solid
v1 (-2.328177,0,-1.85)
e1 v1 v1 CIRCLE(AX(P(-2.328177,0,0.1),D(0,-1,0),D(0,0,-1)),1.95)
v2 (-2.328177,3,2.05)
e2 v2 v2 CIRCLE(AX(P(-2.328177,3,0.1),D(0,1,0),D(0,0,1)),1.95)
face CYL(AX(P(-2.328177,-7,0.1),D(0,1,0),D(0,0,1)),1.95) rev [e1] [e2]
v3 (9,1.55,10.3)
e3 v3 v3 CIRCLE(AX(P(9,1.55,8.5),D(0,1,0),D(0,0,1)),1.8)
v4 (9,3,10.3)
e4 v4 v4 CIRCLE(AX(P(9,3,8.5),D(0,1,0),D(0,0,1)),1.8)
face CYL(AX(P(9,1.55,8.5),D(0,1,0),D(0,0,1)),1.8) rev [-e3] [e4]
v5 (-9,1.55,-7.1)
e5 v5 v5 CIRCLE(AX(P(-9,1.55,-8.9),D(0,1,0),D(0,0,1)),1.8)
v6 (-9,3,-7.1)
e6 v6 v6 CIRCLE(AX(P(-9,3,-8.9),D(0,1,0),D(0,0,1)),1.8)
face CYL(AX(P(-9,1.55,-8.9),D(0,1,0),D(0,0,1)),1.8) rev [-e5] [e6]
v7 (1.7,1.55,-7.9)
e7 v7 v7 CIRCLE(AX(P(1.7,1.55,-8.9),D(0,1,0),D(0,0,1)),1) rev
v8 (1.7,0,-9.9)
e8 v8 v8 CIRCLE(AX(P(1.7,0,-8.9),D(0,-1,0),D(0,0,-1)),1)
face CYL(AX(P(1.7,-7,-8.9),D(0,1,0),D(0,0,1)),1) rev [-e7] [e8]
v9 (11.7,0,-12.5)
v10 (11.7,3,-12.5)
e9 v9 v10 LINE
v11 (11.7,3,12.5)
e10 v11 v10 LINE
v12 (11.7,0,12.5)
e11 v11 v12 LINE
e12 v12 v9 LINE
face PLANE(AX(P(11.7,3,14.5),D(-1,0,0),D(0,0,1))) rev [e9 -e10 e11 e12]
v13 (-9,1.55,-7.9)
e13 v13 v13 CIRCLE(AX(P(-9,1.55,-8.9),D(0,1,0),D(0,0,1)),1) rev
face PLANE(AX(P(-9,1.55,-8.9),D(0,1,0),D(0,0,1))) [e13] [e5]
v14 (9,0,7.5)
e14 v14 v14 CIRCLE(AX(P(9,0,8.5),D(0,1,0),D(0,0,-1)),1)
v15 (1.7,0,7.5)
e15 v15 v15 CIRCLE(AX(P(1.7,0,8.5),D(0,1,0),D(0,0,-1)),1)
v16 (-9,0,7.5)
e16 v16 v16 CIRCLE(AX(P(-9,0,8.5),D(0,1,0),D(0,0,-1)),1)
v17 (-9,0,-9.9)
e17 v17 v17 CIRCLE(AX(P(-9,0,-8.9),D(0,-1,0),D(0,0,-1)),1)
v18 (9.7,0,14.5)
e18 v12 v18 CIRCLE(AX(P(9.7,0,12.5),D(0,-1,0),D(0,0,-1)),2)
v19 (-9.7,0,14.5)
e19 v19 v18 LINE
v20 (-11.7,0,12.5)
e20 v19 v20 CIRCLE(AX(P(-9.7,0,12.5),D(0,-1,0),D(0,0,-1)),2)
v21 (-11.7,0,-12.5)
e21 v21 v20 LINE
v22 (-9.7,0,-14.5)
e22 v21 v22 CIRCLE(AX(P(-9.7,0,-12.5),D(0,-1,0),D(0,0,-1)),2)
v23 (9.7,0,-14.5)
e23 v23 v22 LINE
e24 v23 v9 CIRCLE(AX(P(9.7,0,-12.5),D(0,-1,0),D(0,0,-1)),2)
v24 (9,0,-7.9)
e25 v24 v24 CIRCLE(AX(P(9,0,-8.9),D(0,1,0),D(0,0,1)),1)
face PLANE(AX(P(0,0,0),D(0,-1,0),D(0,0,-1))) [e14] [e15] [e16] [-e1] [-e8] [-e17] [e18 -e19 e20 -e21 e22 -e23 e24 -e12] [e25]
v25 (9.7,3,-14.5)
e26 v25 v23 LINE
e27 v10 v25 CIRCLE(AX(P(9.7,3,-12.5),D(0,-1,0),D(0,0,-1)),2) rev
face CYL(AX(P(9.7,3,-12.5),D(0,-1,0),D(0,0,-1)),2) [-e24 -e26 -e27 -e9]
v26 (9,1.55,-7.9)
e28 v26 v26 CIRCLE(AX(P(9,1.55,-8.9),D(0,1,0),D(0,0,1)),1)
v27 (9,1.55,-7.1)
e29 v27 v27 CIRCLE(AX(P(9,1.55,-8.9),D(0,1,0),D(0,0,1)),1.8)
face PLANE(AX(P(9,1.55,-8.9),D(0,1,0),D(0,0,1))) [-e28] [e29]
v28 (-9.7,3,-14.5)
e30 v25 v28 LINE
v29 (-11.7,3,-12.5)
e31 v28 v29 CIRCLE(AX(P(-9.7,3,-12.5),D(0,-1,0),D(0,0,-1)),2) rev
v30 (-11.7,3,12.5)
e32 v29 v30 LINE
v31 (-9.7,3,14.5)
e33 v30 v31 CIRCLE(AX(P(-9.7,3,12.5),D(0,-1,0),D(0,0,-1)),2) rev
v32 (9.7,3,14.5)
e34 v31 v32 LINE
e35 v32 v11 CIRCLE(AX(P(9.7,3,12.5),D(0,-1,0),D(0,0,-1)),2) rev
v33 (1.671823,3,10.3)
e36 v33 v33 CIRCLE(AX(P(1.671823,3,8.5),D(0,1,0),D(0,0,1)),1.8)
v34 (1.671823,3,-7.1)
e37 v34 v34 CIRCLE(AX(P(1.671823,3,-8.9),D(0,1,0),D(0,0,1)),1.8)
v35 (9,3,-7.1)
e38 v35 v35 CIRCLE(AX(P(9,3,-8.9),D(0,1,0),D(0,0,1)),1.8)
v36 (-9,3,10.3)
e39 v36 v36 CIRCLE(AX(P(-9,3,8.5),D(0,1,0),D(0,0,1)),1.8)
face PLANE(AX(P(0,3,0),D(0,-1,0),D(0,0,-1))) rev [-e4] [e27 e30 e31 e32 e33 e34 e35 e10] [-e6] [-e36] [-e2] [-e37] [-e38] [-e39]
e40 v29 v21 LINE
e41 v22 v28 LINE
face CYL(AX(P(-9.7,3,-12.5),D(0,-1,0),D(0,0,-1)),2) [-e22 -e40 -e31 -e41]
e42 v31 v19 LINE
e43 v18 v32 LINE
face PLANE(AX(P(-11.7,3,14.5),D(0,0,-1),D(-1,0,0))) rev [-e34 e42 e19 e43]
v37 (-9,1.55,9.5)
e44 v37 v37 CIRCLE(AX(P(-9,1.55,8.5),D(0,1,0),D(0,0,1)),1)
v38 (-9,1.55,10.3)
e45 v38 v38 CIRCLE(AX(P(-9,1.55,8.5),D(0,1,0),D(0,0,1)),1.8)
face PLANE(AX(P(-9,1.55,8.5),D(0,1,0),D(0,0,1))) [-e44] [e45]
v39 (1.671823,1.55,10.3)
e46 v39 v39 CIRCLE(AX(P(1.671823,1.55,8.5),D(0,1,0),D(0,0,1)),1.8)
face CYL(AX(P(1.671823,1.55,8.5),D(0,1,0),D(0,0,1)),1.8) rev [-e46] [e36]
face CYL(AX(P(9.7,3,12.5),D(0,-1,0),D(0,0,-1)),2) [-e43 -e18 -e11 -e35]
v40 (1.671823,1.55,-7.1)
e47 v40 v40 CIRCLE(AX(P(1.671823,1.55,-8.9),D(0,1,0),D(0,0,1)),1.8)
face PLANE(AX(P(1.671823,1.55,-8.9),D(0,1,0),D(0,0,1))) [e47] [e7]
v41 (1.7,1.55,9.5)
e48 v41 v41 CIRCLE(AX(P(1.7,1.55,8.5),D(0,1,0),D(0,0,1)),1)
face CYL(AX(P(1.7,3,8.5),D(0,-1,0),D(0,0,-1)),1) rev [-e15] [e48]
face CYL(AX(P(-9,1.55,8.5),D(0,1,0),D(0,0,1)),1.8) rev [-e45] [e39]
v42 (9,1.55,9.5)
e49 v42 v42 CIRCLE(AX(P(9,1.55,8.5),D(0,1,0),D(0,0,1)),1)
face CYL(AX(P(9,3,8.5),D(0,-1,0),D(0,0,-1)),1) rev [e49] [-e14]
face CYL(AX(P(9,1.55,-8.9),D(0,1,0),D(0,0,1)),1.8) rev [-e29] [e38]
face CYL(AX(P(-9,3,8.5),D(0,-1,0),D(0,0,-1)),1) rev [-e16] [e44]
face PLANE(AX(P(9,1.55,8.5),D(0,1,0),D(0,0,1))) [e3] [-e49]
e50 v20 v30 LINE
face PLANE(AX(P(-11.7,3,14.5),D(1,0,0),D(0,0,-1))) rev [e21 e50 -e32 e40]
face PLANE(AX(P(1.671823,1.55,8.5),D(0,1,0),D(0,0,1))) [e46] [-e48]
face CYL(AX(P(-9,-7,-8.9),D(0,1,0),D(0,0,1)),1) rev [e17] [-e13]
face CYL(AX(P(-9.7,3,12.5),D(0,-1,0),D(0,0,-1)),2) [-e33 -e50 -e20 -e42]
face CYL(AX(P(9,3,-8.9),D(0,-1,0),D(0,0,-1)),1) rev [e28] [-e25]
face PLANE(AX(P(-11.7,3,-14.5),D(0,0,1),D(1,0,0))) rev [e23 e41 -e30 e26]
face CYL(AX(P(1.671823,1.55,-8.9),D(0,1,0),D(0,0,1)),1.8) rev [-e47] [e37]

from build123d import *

# Parameters (mm, degrees)
BOSS_EXTRUDE1_DEPTH   = 3
BOSS_EXTRUDE1_2_DEPTH = 3
SKETCH1_W             = 23.4
SKETCH1_H             = 29
SKETCH1_R             = 1
BOSS_EXTRUDE1_3_DEPTH = 3
FILLET1_R             = 2
SKETCH5_R             = 1.44
CUT_EXTRUDE3_DEPTH    = 10
CUT_EXTRUDE4_DEPTH    = 10
SKETCH8_R             = 1
CUT_EXTRUDE5_DEPTH    = 10
SKETCH9_R             = 3.026992654
BOSS_EXTRUDE3_DEPTH   = 3
SKETCH10_R            = 1.95
CUT_EXTRUDE6_DEPTH    = 10
SKETCH11_R            = 1.8
CUT_EXTRUDE7_DEPTH    = 1.45


with BuildPart() as part:
    # Sketch1 → Boss-Extrude1 (new body)
    with BuildSketch(Plane(origin=(0, 0, 0), x_dir=(1, 0, 0), z_dir=(0, 1, 0))):
        with BuildLine():
            add(Edge.make_bspline(
                [(19.180993887, -14.242526212), (19.80083761, -12.341053413), (17.899318471, -11.721194585), (17.279474749, -13.622667384), (16.659631026, -15.524140184), (18.561150164, -16.143999012), (19.180993887, -14.242526212)],
                knots=[0, 0, 0, 0, 0.5, 0.5, 0.5, 1, 1, 1, 1], degree=3, weights=[1, 0.333333333, 0.333333333, 1, 0.333333333, 0.333333333, 1]))
        make_face()
    extrude(amount=BOSS_EXTRUDE1_DEPTH)


with BuildPart() as body_2:
    # Sketch1 → Boss-Extrude1 2 (new body)
    with BuildSketch(Plane(origin=(0, 0, 0), x_dir=(1, 0, 0), z_dir=(0, 1, 0))):
        with BuildLine():
            add(Edge.make_bspline(
                [(22.488505608, -4.096188772), (23.108349331, -2.194715972), (21.206830193, -1.574857144), (20.58698647, -3.476329943), (19.967142747, -5.377802743), (21.868661885, -5.997661571), (22.488505608, -4.096188772)],
                knots=[0, 0, 0, 0, 0.5, 0.5, 0.5, 1, 1, 1, 1], degree=3, weights=[1, 0.333333333, 0.333333333, 1, 0.333333333, 0.333333333, 1]))
        make_face()
    extrude(amount=BOSS_EXTRUDE1_2_DEPTH)


with BuildPart() as body_3:
    # Sketch1 → Boss-Extrude1 3 (new body)
    with BuildSketch(Plane(origin=(0, 0, 0), x_dir=(1, 0, 0), z_dir=(0, 1, 0))):
        Rectangle(SKETCH1_W, SKETCH1_H)
        with Locations(Location((9, 8.9, 0), (0, 0, 270))):
            Circle(SKETCH1_R, mode=Mode.SUBTRACT)
        with Locations(Location((9, -8.5, 0), (0, 0, 90))):
            Circle(SKETCH1_R, mode=Mode.SUBTRACT)
        with Locations(Location((-9, -8.5, 0), (0, 0, 90))):
            Circle(SKETCH1_R, mode=Mode.SUBTRACT)
        with Locations(Location((1.7, -8.5, 0), (0, 0, 90))):
            Circle(SKETCH1_R, mode=Mode.SUBTRACT)
    extrude(amount=BOSS_EXTRUDE1_3_DEPTH)

    # Fillet1
    fillet1_edges = [body_3.edges().sort_by_distance(p)[0] for p in [
        (11.7, 1.5, 14.5),
        (-11.7, 1.5, 14.5),
        (-11.7, 1.5, -14.5),
        (11.7, 1.5, -14.5),
    ]]
    fillet(fillet1_edges, radius=FILLET1_R)

    # Sketch5 → Cut-Extrude3 (cut)
    with BuildSketch(Plane.XZ):
        with Locations(Location((-2.145634177, 3.61037734, 0), (0, 0, 270))):
            Circle(SKETCH5_R)
    extrude(amount=-CUT_EXTRUDE3_DEPTH, mode=Mode.SUBTRACT)

    # Sketch8 → Cut-Extrude5 (cut)
    with BuildSketch(Plane(origin=(0, 3, 0), x_dir=(1, 0, 0), z_dir=(0, 1, 0))):
        with Locations(Location((1.7, 8.9, 0), (0, 0, 270))):
            Circle(SKETCH8_R)
        with Locations(Location((-9, 8.9, 0), (0, 0, 270))):
            Circle(SKETCH8_R)
    extrude(amount=-CUT_EXTRUDE5_DEPTH, mode=Mode.SUBTRACT)

    # Sketch9 → Boss-Extrude3 (add)
    with BuildSketch(Plane(origin=(0, 3, 0), x_dir=(1, 0, 0), z_dir=(0, 1, 0))):
        with Locations((-2.145634177, -3.61037734)):
            Circle(SKETCH9_R)
    extrude(amount=-BOSS_EXTRUDE3_DEPTH)

    # Sketch10 → Cut-Extrude6 (cut)
    with BuildSketch(Plane(origin=(0, 3, 0), x_dir=(1, 0, 0), z_dir=(0, 1, 0))):
        with Locations(Location((-2.328177417, -0.1, 0), (0, 0, 270))):
            Circle(SKETCH10_R)
    extrude(amount=-CUT_EXTRUDE6_DEPTH, mode=Mode.SUBTRACT)

    # Sketch11 → Cut-Extrude7 (cut)
    with BuildSketch(Plane(origin=(0, 3, 0), x_dir=(1, 0, 0), z_dir=(0, 1, 0))):
        with Locations(Location((-9, -8.5, 0), (0, 0, 270))):
            Circle(SKETCH11_R)
        with Locations(Location((1.671822583, -8.5, 0), (0, 0, 270))):
            Circle(SKETCH11_R)
        with Locations(Location((9, -8.5, 0), (0, 0, 270))):
            Circle(SKETCH11_R)
        with Locations(Location((9, 8.9, 0), (0, 0, 270))):
            Circle(SKETCH11_R)
        with Locations(Location((1.671822583, 8.9, 0), (0, 0, 270))):
            Circle(SKETCH11_R)
        with Locations(Location((-9, 8.9, 0), (0, 0, 270))):
            Circle(SKETCH11_R)
    extrude(amount=-CUT_EXTRUDE7_DEPTH, mode=Mode.SUBTRACT)


with BuildPart() as cut_extrude4_tool:
    # Sketch7 → Cut-Extrude4 (new body)
    with BuildSketch(Plane(origin=(0, 3, 0), x_dir=(1, 0, 0), z_dir=(0, 1, 0))):
        with BuildLine():
            add(Edge.make_bspline(
                [(19.180993887, -14.242526212), (19.80083761, -12.341053413), (17.899318471, -11.721194585), (17.279474749, -13.622667384), (16.659631026, -15.524140184), (18.561150164, -16.143999012), (19.180993887, -14.242526212)],
                knots=[0, 0, 0, 0, 0.5, 0.5, 0.5, 1, 1, 1, 1], degree=3, weights=[1, 0.333333333, 0.333333333, 1, 0.333333333, 0.333333333, 1]))
        make_face()
        with BuildLine():
            add(Edge.make_bspline(
                [(22.488505608, -4.096188772), (23.108349331, -2.194715972), (21.206830193, -1.574857144), (20.58698647, -3.476329943), (19.967142747, -5.377802743), (21.868661885, -5.997661571), (22.488505608, -4.096188772)],
                knots=[0, 0, 0, 0, 0.5, 0.5, 0.5, 1, 1, 1, 1], degree=3, weights=[1, 0.333333333, 0.333333333, 1, 0.333333333, 0.333333333, 1]))
        make_face()
    extrude(amount=-CUT_EXTRUDE4_DEPTH)


with BuildPart() as part_1:
    add(part.part)

    # Cut-Extrude4: cut by cut_extrude4_tool
    add(cut_extrude4_tool.part, mode=Mode.SUBTRACT)


with BuildPart() as body_2_1:
    add(body_2.part)

    # Cut-Extrude4: cut by cut_extrude4_tool
    add(cut_extrude4_tool.part, mode=Mode.SUBTRACT)


solid = body_3.part
